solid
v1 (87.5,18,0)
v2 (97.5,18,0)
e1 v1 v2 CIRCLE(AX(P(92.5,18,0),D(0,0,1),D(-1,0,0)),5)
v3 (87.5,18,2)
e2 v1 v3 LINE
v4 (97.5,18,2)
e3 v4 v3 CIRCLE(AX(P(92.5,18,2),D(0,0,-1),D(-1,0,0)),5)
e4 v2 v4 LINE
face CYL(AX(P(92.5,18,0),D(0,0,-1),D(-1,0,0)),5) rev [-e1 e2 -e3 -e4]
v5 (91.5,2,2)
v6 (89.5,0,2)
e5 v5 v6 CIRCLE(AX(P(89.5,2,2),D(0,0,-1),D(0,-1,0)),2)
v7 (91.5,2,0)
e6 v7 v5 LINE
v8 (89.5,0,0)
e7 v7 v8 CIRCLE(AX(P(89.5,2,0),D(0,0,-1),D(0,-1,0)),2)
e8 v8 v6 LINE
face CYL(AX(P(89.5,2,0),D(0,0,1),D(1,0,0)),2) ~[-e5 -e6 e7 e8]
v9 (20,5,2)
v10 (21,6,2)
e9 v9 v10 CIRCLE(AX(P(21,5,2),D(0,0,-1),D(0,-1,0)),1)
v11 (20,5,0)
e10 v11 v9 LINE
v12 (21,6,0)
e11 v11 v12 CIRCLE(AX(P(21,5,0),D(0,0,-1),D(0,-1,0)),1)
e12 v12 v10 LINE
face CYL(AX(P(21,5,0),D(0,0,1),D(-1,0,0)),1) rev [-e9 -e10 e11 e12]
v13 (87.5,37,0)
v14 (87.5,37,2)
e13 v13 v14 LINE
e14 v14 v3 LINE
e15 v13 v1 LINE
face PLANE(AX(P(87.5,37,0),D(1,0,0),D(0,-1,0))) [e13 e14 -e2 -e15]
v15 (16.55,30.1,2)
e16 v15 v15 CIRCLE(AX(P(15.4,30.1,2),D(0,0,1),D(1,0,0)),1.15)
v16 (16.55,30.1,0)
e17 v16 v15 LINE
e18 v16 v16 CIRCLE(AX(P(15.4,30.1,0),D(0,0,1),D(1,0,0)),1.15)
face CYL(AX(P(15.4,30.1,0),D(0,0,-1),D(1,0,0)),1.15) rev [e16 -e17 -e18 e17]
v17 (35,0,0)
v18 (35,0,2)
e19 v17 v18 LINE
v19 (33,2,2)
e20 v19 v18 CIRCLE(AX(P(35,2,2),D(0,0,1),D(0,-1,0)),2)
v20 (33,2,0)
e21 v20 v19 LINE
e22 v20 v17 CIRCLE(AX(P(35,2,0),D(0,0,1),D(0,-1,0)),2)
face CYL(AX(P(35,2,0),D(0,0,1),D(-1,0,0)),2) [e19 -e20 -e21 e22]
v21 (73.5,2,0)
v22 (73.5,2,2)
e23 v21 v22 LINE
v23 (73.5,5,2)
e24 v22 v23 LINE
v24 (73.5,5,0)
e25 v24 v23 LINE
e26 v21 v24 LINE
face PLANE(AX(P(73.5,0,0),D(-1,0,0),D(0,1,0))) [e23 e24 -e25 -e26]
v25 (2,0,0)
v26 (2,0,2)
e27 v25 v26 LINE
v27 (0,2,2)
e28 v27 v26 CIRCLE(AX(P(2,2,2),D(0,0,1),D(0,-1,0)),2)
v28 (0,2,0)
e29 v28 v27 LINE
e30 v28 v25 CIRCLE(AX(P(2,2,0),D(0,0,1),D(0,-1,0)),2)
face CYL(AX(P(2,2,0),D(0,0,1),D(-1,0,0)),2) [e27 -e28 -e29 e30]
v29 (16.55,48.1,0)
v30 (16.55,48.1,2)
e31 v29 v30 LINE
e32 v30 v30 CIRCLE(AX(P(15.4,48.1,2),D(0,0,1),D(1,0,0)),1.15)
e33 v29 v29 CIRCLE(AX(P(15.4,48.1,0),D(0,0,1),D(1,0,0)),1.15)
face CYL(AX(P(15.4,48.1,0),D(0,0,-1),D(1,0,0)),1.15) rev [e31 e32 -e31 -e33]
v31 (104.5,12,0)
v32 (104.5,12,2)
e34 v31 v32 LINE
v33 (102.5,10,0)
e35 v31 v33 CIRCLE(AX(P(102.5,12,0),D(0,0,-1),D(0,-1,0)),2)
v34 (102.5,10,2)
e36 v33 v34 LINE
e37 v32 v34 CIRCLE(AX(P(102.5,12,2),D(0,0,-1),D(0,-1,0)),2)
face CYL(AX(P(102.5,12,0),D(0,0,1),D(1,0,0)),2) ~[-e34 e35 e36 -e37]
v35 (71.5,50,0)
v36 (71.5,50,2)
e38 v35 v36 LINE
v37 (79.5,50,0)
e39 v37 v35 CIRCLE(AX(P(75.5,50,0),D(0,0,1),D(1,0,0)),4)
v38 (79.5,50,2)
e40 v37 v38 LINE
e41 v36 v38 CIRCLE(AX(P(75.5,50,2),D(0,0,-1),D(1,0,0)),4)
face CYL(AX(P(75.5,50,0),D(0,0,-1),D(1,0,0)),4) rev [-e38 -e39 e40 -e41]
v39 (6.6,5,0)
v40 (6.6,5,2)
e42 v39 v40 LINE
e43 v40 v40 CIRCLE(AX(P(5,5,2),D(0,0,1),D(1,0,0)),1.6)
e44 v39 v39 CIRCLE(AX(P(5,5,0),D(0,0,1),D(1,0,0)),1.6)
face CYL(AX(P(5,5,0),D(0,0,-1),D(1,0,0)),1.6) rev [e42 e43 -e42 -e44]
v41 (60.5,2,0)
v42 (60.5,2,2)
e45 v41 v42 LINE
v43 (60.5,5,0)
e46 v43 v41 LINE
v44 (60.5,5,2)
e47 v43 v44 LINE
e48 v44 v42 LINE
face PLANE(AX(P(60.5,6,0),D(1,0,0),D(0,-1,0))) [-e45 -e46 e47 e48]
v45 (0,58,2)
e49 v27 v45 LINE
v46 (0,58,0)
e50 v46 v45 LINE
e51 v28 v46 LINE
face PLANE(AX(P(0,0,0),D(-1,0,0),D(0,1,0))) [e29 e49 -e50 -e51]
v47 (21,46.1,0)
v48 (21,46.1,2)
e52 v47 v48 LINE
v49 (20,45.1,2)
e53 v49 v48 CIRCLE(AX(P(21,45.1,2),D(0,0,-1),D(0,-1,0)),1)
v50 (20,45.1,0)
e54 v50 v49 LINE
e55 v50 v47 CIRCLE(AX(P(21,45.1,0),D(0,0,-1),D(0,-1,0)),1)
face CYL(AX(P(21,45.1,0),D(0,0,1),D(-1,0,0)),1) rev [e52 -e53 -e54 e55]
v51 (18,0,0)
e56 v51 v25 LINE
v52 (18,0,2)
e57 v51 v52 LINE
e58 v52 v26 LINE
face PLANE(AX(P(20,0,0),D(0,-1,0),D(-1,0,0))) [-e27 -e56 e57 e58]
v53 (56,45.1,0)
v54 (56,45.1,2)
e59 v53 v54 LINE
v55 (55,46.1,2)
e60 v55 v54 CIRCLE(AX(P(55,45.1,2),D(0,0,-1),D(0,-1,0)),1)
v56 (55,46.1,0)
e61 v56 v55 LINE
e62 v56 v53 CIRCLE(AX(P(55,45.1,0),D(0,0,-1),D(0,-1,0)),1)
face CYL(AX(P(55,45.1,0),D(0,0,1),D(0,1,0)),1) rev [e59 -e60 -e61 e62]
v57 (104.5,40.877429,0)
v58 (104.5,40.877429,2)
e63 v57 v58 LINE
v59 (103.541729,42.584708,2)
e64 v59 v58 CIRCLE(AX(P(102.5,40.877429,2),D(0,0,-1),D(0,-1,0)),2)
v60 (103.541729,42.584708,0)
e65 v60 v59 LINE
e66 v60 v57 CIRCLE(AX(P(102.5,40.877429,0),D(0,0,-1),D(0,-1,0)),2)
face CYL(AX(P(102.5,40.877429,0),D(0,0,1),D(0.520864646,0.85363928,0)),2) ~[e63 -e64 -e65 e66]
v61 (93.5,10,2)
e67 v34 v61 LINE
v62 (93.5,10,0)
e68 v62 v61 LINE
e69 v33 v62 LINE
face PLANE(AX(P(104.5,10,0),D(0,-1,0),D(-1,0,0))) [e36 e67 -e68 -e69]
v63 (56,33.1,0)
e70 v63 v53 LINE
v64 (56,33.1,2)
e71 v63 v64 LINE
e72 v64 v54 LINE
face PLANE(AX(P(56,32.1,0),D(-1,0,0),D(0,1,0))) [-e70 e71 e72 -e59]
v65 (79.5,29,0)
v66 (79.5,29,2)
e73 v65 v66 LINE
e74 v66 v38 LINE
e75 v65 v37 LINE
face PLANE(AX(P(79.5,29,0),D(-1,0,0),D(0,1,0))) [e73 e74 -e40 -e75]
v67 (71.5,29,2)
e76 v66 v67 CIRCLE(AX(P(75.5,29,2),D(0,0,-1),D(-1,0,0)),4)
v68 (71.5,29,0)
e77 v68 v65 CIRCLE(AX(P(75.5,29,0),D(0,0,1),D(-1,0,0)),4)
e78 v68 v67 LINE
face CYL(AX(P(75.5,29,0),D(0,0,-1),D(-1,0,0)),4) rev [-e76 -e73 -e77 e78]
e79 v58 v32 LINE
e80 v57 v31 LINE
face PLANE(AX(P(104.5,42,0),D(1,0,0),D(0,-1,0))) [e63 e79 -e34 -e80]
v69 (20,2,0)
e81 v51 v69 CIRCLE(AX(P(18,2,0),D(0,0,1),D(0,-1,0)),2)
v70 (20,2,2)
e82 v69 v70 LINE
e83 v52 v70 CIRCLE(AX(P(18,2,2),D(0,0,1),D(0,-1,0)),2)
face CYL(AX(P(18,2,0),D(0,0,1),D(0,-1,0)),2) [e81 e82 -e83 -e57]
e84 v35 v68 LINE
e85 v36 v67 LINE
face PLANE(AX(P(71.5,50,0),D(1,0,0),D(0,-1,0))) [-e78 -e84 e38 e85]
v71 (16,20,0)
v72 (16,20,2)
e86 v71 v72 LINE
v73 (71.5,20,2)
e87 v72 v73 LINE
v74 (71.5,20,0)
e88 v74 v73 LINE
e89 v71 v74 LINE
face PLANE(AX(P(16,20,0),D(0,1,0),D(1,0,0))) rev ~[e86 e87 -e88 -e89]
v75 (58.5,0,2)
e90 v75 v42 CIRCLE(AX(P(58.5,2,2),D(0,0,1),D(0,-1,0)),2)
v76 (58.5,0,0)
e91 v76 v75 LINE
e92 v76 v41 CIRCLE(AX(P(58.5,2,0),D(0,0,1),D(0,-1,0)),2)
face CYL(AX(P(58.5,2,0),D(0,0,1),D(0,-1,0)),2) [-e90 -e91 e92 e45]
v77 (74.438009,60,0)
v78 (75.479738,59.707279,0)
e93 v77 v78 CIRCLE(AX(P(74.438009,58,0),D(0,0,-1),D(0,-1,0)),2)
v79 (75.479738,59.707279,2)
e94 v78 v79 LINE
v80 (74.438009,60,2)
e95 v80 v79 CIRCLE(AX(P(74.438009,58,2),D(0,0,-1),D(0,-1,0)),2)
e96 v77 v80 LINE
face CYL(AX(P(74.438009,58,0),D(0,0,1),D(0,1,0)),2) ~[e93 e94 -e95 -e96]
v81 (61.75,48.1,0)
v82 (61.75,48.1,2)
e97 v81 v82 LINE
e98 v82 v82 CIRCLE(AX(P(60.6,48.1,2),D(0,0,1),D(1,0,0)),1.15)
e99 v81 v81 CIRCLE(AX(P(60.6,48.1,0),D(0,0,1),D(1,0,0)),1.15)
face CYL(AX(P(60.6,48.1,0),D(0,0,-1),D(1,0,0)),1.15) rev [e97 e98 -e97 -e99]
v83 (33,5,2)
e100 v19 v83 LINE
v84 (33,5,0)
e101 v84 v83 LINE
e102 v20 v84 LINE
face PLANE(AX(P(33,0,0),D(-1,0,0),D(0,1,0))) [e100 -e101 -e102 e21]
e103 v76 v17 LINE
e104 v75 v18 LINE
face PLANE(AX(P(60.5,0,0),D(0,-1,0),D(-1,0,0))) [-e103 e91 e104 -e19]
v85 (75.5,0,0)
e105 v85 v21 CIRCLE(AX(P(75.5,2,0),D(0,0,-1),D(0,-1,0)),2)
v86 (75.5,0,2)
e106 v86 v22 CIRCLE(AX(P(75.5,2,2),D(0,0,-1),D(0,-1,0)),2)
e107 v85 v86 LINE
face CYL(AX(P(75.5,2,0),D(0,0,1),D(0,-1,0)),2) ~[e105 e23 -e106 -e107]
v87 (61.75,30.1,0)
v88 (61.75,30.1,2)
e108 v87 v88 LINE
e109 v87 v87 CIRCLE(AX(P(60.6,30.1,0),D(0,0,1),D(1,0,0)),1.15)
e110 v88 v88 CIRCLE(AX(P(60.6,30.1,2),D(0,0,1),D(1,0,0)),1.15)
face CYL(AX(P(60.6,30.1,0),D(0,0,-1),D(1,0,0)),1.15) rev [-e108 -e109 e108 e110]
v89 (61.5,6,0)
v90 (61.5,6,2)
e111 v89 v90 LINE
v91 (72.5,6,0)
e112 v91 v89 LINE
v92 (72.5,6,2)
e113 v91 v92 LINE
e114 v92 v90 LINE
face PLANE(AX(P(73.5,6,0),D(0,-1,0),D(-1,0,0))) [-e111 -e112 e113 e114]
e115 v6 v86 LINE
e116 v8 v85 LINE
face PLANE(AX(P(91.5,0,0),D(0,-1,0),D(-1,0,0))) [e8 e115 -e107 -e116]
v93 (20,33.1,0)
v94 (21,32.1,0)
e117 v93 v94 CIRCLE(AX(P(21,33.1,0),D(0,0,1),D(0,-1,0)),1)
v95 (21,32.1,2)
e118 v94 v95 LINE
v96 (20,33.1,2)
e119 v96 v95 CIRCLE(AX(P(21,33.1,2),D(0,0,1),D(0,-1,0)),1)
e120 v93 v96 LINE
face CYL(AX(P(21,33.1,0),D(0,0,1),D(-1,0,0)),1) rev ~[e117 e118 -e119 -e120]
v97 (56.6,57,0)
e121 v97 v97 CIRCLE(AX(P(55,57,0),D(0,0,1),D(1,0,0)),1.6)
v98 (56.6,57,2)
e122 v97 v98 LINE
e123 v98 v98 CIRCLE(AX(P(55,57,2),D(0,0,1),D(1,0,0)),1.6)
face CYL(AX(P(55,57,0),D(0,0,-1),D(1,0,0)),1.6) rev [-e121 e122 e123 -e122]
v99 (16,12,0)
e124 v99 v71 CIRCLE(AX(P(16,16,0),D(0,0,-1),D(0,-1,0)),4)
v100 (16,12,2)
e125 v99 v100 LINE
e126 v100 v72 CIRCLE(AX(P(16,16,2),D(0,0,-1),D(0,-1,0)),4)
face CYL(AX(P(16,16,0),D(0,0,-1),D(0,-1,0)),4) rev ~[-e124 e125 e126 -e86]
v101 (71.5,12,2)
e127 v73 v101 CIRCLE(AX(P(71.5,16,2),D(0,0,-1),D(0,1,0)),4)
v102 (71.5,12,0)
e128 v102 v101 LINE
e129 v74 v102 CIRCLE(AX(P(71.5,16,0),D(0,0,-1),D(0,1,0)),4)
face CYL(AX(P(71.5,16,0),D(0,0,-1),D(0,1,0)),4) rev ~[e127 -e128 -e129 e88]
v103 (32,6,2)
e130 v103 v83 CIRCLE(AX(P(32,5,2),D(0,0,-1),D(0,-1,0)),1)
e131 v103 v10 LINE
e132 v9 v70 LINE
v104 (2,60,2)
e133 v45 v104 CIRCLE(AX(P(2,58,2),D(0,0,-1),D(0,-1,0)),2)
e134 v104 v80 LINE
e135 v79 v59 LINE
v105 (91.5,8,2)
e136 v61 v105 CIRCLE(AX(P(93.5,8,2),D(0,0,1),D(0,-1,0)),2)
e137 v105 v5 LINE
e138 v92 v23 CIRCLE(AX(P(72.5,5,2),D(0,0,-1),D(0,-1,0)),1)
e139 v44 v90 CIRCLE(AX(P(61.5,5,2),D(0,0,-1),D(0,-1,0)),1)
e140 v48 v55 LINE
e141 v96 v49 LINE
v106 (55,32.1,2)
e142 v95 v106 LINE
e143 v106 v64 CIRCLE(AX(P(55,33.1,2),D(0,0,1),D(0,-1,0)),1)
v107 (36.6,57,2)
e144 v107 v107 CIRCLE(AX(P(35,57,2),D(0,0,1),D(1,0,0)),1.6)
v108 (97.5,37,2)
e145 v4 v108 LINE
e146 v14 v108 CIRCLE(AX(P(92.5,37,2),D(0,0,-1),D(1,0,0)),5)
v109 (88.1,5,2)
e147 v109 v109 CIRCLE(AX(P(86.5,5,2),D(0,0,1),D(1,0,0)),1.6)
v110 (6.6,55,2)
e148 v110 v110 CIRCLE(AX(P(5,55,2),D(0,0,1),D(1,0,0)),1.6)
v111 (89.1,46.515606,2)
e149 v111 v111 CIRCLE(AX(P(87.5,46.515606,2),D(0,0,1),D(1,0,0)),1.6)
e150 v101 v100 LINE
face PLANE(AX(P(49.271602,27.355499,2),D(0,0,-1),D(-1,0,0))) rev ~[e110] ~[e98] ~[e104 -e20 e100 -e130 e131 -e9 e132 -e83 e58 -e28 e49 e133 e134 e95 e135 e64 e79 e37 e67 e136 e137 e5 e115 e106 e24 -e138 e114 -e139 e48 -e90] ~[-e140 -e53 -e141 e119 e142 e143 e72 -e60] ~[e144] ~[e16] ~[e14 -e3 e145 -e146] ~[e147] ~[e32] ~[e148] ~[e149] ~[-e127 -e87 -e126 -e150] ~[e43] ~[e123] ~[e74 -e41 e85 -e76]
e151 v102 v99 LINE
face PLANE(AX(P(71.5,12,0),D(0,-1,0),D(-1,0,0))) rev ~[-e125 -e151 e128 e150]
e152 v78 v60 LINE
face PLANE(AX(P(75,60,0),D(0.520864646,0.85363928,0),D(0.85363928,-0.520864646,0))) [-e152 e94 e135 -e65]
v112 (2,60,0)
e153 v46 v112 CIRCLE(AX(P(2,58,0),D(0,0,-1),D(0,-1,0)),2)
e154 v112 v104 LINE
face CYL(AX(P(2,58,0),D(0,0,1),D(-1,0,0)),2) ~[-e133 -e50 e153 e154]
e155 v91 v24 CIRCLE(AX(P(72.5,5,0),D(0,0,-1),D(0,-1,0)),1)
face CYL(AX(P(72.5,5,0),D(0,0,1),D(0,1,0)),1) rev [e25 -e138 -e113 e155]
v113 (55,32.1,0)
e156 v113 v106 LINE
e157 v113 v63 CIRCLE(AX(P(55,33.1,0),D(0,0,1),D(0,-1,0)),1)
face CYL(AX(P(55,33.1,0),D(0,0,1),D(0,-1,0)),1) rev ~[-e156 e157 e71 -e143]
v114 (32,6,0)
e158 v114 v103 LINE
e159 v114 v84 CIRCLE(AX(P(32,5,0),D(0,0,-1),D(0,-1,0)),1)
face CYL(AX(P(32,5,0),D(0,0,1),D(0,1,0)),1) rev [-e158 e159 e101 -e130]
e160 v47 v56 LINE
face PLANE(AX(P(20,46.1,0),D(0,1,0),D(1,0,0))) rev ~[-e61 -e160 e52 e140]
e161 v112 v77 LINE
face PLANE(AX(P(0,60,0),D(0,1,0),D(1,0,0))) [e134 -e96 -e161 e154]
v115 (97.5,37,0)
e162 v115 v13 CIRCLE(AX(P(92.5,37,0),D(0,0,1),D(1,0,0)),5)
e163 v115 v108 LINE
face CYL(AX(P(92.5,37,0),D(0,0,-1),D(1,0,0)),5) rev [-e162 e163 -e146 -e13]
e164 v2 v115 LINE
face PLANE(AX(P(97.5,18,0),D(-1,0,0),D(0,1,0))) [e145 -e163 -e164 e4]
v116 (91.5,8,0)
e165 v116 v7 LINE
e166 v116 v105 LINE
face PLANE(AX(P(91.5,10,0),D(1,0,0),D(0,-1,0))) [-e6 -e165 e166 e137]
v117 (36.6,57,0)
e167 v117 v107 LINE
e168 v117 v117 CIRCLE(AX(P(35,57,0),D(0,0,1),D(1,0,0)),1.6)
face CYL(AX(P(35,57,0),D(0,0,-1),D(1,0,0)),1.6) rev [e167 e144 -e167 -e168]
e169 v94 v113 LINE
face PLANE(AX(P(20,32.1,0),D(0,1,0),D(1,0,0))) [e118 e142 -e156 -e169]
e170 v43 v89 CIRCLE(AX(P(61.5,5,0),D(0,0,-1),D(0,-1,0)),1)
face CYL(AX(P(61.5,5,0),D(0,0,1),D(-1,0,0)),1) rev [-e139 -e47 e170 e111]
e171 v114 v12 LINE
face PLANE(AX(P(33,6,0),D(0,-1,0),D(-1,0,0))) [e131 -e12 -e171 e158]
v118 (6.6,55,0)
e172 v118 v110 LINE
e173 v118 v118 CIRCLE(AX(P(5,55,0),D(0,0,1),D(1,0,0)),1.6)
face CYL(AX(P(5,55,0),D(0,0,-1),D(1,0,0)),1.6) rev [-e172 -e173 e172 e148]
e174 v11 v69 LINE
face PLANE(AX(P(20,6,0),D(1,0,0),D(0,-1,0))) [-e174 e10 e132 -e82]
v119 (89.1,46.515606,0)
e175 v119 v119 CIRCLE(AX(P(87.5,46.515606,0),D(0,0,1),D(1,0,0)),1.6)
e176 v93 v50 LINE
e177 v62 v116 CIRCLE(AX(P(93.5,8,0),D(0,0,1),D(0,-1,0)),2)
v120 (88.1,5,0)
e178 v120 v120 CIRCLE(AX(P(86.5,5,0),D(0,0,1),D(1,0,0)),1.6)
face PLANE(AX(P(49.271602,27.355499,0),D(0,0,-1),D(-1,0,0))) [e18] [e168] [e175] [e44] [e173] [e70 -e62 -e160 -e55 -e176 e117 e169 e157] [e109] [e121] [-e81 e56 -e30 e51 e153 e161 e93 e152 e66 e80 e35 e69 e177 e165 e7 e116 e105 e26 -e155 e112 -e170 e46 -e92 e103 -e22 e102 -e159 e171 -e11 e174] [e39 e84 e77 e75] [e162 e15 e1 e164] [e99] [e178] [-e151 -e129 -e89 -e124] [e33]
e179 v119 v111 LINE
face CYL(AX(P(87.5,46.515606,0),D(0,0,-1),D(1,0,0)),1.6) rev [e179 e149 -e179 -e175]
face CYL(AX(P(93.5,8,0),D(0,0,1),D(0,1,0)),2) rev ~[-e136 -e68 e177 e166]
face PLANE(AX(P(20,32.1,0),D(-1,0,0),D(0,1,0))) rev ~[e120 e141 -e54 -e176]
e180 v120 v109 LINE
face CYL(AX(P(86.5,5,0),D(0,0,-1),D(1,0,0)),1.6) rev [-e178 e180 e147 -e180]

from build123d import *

# Parameters (mm, degrees)
SKETCH_1_R          = 1.6
SKETCH_1_R_2        = 1.15
SKETCH_1_W          = 36
SKETCH_1_H          = 14
EXTRUDE_1_DEPTH     = 2
CUT_EXTRUDE_1_DEPTH = 121.516596367
FILLET_1_R          = 2
FILLET_2_R          = 1
FILLET_3_R          = 1


with BuildPart() as part:
    # 草图1 → 凸台-拉伸1 (new body)
    with BuildSketch(Plane.XY):
        Polygon((0, 0), (0, 60), (75, 60), (104.5, 42), (104.5, 10), (91.5, 10), (91.5, 0), (73.5, 0), (73.5, 6), (60.5, 6), (60.5, 0), (33, 0), (33, 6), (20, 6), (20, 0), align=None)
        with Locations((86.5, 5)):
            Circle(SKETCH_1_R, mode=Mode.SUBTRACT)
        with Locations((5, 5)):
            Circle(SKETCH_1_R, mode=Mode.SUBTRACT)
        with Locations((60.6, 48.1)):
            Circle(SKETCH_1_R_2, mode=Mode.SUBTRACT)
        with Locations((60.6, 30.1)):
            Circle(SKETCH_1_R_2, mode=Mode.SUBTRACT)
        with Locations((15.4, 48.1)):
            Circle(SKETCH_1_R_2, mode=Mode.SUBTRACT)
        with Locations((15.4, 30.1)):
            Circle(SKETCH_1_R_2, mode=Mode.SUBTRACT)
        with Locations((87.5, 46.515606374)):
            Circle(SKETCH_1_R, mode=Mode.SUBTRACT)
        with Locations((55, 57)):
            Circle(SKETCH_1_R, mode=Mode.SUBTRACT)
        with Locations((35, 57)):
            Circle(SKETCH_1_R, mode=Mode.SUBTRACT)
        with Locations((5, 55)):
            Circle(SKETCH_1_R, mode=Mode.SUBTRACT)
        with BuildLine():
            Line((71.5, 12), (16, 12))
            ThreePointArc((16, 12), (12, 16), (16, 20))
            Line((16, 20), (71.5, 20))
            ThreePointArc((71.5, 20), (75.5, 16), (71.5, 12))
        make_face(mode=Mode.SUBTRACT)
        with Locations((38, 39.1)):
            Rectangle(SKETCH_1_W, SKETCH_1_H, mode=Mode.SUBTRACT)
    extrude(amount=EXTRUDE_1_DEPTH)

    # 草图2 → 切除-拉伸1 (cut, through all)
    with BuildSketch(Plane(origin=(0, 0, 0), x_dir=(-1, 0, 0), z_dir=(0, 0, -1))):
        with BuildLine():
            Line((-87.5, 37), (-87.5, 18))
            ThreePointArc((-87.5, 18), (-92.5, 13), (-97.5, 18))
            Line((-97.5, 18), (-97.5, 37))
            ThreePointArc((-97.5, 37), (-92.5, 42), (-87.5, 37))
        make_face()
        with BuildLine():
            Line((-71.5, 50), (-71.5, 29))
            ThreePointArc((-71.5, 29), (-75.5, 25), (-79.5, 29))
            Line((-79.5, 29), (-79.5, 50))
            ThreePointArc((-79.5, 50), (-75.5, 54), (-71.5, 50))
        make_face()
    extrude(amount=-CUT_EXTRUDE_1_DEPTH, mode=Mode.SUBTRACT)

    # 圆角1
    fillet_1_edges = [part.edges().sort_by_distance(p)[0] for p in [
        (0, 0, 1),
        (0, 60, 1),
        (75, 60, 1),
        (104.5, 42, 1),
        (104.5, 10, 1),
        (91.5, 10, 1),
        (91.5, 0, 1),
        (73.5, 0, 1),
        (60.5, 0, 1),
        (33, 0, 1),
        (20, 0, 1),
    ]]
    fillet(fillet_1_edges, radius=FILLET_1_R)

    # 圆角2
    fillet_2_edges = [part.edges().sort_by_distance(p)[0] for p in [
        (56, 32.1, 1),
        (56, 46.1, 1),
        (20, 46.1, 1),
        (20, 32.1, 1),
    ]]
    fillet(fillet_2_edges, radius=FILLET_2_R)

    # 圆角3
    fillet_3_edges = [part.edges().sort_by_distance(p)[0] for p in [
        (73.5, 6, 1),
        (60.5, 6, 1),
        (33, 6, 1),
        (20, 6, 1),
    ]]
    fillet(fillet_3_edges, radius=FILLET_3_R)


solid = part.part
